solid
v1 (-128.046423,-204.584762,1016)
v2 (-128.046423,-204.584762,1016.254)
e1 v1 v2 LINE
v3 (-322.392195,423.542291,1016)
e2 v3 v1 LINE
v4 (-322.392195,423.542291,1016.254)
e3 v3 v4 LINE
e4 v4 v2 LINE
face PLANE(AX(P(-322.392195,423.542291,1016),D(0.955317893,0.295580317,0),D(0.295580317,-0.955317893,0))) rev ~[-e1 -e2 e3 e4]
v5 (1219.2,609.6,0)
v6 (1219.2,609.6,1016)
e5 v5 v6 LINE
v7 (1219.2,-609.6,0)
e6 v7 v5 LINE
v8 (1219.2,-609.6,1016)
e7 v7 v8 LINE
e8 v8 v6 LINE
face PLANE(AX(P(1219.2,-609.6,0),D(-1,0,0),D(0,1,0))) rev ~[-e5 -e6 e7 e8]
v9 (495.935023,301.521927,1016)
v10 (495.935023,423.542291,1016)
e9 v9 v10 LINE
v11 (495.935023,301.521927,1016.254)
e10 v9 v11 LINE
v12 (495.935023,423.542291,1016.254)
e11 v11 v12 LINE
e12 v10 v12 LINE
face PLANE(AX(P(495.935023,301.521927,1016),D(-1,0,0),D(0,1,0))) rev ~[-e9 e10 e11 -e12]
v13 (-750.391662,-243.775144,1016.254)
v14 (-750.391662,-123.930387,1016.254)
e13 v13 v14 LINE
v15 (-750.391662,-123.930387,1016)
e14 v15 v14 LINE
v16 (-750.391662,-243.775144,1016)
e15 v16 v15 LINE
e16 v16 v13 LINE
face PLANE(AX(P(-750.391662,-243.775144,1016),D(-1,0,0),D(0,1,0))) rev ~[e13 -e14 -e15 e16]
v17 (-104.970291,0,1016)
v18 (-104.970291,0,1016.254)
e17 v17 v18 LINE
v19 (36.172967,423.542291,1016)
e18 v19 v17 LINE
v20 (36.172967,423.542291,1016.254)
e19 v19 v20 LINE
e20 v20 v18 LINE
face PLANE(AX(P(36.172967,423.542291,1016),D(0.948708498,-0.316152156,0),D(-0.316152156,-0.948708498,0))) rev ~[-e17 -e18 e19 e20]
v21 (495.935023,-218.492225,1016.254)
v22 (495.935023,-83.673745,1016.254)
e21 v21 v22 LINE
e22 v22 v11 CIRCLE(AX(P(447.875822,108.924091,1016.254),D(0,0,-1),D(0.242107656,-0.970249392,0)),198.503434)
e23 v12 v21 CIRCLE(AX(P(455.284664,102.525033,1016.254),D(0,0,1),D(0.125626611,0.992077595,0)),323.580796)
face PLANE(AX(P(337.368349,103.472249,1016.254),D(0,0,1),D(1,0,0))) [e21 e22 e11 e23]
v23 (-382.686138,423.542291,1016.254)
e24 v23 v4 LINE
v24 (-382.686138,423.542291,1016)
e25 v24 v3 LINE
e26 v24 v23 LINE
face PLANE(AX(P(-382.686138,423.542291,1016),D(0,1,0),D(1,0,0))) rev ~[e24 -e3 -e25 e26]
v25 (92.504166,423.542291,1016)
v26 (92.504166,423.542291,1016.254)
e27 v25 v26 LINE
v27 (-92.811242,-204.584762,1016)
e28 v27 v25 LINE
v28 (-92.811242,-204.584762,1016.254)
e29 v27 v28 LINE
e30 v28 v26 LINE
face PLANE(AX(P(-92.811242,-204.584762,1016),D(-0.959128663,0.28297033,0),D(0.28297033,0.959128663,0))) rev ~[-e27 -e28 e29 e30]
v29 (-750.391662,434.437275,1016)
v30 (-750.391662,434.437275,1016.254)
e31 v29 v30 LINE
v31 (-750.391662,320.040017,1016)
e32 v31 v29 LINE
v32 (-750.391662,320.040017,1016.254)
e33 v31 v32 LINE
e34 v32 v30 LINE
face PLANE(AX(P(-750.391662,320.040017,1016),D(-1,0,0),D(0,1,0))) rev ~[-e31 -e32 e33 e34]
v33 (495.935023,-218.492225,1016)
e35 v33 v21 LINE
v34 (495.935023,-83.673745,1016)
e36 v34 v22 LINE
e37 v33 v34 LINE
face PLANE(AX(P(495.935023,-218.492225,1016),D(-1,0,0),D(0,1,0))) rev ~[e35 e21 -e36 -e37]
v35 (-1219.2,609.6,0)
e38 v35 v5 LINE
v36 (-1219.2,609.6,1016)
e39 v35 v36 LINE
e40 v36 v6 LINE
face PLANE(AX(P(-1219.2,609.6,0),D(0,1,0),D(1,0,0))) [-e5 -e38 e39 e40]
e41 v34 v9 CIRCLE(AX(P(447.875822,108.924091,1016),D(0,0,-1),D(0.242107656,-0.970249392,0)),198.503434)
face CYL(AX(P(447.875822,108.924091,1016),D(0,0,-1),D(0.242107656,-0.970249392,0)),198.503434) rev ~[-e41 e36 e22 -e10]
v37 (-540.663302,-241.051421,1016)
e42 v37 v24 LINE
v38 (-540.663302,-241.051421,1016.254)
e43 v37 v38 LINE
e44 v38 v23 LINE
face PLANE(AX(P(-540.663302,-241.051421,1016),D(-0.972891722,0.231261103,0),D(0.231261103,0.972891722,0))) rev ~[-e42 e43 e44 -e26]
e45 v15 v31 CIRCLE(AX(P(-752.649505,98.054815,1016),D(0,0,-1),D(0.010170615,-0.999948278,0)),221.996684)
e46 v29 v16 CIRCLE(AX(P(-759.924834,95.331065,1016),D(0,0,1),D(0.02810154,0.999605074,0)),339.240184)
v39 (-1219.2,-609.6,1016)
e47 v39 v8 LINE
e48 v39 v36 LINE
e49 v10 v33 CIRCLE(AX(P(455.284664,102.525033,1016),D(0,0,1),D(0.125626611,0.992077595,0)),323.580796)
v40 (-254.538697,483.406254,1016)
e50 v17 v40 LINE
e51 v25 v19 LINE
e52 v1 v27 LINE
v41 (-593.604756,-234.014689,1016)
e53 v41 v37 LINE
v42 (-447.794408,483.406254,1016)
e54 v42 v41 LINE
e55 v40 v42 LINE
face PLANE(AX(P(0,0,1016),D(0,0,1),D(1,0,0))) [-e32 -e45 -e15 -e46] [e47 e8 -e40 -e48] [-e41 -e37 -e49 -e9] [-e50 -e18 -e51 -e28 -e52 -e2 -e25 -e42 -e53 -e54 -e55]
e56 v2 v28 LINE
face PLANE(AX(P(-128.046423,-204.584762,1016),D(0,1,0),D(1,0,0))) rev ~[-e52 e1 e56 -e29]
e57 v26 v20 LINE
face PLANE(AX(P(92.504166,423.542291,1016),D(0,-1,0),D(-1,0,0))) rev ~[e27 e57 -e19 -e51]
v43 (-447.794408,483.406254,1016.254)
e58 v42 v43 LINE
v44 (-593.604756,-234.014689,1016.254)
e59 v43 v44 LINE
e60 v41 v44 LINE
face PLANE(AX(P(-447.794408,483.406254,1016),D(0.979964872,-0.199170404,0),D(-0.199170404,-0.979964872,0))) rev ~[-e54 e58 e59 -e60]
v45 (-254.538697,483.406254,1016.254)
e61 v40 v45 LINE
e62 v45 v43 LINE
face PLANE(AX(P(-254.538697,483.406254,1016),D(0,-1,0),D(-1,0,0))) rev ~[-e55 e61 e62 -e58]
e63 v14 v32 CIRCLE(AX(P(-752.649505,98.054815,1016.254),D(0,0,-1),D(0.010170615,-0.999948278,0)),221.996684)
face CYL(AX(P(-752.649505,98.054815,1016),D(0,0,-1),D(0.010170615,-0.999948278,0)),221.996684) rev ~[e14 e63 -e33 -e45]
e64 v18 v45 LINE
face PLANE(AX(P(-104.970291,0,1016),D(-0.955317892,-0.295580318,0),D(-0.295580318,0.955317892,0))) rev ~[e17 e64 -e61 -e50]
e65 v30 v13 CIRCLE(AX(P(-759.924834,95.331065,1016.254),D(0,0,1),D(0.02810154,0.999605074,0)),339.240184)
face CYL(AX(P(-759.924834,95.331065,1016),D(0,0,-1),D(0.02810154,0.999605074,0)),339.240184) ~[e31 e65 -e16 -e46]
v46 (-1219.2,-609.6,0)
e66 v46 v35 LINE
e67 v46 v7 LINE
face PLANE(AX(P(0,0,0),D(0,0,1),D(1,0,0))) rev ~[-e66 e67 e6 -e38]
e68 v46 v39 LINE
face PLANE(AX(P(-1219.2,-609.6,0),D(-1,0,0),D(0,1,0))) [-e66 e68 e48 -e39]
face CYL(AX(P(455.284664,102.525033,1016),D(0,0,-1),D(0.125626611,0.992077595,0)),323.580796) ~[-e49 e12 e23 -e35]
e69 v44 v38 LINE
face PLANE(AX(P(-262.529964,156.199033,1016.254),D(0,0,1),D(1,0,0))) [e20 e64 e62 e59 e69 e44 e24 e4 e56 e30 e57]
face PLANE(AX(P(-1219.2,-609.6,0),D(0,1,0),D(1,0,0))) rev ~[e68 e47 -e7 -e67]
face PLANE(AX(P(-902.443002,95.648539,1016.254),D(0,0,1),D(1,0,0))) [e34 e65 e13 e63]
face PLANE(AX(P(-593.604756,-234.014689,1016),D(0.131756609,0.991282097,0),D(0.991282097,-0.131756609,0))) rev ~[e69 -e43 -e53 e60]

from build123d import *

# Parameters (mm, degrees)
F0_W     = 2438.4
F0_H     = 1219.2
F1_DEPTH = 1016
F3_DEPTH = 0.254


with BuildPart() as f1:
    # F0 (on Top) → F1 (new body)
    with BuildSketch(Plane.XY):
        Rectangle(F0_W, F0_H)
    extrude(amount=F1_DEPTH)

    # F2 (on face) → F3 (join)
    with BuildSketch(Plane.XY.offset(1016)):
        with BuildLine():
            Line((-750.391662, 320.040017), (-750.391662, 434.437275))
            ThreePointArc((-750.391662, 434.437275), (-1099.165018, 95.331065), (-750.391662, -243.775144))
            Line((-750.391662, -243.775144), (-750.391662, -123.930387))
            ThreePointArc((-750.391662, -123.930387), (-974.646189, 98.054815), (-750.391662, 320.040017))
        make_face()
        Polygon((-593.604756, -234.014689), (-540.663302, -241.051421), (-382.686138, 423.542291), (-322.392195, 423.542291), (-128.046423, -204.584762), (-92.811242, -204.584762), (92.504166, 423.542291), (36.172967, 423.542291), (-104.970291, 0), (-254.538697, 483.406254), (-447.794408, 483.406254), align=None)
        with BuildLine():
            Line((495.935023, 301.521927), (495.935023, 423.542291))
            ThreePointArc((495.935023, 423.542291), (131.703868, 102.525033), (495.935023, -218.492225))
            Line((495.935023, -218.492225), (495.935023, -83.673745))
            ThreePointArc((495.935023, -83.673745), (249.372388, 108.924091), (495.935023, 301.521927))
        make_face()
    extrude(amount=F3_DEPTH)


solid = f1.part
